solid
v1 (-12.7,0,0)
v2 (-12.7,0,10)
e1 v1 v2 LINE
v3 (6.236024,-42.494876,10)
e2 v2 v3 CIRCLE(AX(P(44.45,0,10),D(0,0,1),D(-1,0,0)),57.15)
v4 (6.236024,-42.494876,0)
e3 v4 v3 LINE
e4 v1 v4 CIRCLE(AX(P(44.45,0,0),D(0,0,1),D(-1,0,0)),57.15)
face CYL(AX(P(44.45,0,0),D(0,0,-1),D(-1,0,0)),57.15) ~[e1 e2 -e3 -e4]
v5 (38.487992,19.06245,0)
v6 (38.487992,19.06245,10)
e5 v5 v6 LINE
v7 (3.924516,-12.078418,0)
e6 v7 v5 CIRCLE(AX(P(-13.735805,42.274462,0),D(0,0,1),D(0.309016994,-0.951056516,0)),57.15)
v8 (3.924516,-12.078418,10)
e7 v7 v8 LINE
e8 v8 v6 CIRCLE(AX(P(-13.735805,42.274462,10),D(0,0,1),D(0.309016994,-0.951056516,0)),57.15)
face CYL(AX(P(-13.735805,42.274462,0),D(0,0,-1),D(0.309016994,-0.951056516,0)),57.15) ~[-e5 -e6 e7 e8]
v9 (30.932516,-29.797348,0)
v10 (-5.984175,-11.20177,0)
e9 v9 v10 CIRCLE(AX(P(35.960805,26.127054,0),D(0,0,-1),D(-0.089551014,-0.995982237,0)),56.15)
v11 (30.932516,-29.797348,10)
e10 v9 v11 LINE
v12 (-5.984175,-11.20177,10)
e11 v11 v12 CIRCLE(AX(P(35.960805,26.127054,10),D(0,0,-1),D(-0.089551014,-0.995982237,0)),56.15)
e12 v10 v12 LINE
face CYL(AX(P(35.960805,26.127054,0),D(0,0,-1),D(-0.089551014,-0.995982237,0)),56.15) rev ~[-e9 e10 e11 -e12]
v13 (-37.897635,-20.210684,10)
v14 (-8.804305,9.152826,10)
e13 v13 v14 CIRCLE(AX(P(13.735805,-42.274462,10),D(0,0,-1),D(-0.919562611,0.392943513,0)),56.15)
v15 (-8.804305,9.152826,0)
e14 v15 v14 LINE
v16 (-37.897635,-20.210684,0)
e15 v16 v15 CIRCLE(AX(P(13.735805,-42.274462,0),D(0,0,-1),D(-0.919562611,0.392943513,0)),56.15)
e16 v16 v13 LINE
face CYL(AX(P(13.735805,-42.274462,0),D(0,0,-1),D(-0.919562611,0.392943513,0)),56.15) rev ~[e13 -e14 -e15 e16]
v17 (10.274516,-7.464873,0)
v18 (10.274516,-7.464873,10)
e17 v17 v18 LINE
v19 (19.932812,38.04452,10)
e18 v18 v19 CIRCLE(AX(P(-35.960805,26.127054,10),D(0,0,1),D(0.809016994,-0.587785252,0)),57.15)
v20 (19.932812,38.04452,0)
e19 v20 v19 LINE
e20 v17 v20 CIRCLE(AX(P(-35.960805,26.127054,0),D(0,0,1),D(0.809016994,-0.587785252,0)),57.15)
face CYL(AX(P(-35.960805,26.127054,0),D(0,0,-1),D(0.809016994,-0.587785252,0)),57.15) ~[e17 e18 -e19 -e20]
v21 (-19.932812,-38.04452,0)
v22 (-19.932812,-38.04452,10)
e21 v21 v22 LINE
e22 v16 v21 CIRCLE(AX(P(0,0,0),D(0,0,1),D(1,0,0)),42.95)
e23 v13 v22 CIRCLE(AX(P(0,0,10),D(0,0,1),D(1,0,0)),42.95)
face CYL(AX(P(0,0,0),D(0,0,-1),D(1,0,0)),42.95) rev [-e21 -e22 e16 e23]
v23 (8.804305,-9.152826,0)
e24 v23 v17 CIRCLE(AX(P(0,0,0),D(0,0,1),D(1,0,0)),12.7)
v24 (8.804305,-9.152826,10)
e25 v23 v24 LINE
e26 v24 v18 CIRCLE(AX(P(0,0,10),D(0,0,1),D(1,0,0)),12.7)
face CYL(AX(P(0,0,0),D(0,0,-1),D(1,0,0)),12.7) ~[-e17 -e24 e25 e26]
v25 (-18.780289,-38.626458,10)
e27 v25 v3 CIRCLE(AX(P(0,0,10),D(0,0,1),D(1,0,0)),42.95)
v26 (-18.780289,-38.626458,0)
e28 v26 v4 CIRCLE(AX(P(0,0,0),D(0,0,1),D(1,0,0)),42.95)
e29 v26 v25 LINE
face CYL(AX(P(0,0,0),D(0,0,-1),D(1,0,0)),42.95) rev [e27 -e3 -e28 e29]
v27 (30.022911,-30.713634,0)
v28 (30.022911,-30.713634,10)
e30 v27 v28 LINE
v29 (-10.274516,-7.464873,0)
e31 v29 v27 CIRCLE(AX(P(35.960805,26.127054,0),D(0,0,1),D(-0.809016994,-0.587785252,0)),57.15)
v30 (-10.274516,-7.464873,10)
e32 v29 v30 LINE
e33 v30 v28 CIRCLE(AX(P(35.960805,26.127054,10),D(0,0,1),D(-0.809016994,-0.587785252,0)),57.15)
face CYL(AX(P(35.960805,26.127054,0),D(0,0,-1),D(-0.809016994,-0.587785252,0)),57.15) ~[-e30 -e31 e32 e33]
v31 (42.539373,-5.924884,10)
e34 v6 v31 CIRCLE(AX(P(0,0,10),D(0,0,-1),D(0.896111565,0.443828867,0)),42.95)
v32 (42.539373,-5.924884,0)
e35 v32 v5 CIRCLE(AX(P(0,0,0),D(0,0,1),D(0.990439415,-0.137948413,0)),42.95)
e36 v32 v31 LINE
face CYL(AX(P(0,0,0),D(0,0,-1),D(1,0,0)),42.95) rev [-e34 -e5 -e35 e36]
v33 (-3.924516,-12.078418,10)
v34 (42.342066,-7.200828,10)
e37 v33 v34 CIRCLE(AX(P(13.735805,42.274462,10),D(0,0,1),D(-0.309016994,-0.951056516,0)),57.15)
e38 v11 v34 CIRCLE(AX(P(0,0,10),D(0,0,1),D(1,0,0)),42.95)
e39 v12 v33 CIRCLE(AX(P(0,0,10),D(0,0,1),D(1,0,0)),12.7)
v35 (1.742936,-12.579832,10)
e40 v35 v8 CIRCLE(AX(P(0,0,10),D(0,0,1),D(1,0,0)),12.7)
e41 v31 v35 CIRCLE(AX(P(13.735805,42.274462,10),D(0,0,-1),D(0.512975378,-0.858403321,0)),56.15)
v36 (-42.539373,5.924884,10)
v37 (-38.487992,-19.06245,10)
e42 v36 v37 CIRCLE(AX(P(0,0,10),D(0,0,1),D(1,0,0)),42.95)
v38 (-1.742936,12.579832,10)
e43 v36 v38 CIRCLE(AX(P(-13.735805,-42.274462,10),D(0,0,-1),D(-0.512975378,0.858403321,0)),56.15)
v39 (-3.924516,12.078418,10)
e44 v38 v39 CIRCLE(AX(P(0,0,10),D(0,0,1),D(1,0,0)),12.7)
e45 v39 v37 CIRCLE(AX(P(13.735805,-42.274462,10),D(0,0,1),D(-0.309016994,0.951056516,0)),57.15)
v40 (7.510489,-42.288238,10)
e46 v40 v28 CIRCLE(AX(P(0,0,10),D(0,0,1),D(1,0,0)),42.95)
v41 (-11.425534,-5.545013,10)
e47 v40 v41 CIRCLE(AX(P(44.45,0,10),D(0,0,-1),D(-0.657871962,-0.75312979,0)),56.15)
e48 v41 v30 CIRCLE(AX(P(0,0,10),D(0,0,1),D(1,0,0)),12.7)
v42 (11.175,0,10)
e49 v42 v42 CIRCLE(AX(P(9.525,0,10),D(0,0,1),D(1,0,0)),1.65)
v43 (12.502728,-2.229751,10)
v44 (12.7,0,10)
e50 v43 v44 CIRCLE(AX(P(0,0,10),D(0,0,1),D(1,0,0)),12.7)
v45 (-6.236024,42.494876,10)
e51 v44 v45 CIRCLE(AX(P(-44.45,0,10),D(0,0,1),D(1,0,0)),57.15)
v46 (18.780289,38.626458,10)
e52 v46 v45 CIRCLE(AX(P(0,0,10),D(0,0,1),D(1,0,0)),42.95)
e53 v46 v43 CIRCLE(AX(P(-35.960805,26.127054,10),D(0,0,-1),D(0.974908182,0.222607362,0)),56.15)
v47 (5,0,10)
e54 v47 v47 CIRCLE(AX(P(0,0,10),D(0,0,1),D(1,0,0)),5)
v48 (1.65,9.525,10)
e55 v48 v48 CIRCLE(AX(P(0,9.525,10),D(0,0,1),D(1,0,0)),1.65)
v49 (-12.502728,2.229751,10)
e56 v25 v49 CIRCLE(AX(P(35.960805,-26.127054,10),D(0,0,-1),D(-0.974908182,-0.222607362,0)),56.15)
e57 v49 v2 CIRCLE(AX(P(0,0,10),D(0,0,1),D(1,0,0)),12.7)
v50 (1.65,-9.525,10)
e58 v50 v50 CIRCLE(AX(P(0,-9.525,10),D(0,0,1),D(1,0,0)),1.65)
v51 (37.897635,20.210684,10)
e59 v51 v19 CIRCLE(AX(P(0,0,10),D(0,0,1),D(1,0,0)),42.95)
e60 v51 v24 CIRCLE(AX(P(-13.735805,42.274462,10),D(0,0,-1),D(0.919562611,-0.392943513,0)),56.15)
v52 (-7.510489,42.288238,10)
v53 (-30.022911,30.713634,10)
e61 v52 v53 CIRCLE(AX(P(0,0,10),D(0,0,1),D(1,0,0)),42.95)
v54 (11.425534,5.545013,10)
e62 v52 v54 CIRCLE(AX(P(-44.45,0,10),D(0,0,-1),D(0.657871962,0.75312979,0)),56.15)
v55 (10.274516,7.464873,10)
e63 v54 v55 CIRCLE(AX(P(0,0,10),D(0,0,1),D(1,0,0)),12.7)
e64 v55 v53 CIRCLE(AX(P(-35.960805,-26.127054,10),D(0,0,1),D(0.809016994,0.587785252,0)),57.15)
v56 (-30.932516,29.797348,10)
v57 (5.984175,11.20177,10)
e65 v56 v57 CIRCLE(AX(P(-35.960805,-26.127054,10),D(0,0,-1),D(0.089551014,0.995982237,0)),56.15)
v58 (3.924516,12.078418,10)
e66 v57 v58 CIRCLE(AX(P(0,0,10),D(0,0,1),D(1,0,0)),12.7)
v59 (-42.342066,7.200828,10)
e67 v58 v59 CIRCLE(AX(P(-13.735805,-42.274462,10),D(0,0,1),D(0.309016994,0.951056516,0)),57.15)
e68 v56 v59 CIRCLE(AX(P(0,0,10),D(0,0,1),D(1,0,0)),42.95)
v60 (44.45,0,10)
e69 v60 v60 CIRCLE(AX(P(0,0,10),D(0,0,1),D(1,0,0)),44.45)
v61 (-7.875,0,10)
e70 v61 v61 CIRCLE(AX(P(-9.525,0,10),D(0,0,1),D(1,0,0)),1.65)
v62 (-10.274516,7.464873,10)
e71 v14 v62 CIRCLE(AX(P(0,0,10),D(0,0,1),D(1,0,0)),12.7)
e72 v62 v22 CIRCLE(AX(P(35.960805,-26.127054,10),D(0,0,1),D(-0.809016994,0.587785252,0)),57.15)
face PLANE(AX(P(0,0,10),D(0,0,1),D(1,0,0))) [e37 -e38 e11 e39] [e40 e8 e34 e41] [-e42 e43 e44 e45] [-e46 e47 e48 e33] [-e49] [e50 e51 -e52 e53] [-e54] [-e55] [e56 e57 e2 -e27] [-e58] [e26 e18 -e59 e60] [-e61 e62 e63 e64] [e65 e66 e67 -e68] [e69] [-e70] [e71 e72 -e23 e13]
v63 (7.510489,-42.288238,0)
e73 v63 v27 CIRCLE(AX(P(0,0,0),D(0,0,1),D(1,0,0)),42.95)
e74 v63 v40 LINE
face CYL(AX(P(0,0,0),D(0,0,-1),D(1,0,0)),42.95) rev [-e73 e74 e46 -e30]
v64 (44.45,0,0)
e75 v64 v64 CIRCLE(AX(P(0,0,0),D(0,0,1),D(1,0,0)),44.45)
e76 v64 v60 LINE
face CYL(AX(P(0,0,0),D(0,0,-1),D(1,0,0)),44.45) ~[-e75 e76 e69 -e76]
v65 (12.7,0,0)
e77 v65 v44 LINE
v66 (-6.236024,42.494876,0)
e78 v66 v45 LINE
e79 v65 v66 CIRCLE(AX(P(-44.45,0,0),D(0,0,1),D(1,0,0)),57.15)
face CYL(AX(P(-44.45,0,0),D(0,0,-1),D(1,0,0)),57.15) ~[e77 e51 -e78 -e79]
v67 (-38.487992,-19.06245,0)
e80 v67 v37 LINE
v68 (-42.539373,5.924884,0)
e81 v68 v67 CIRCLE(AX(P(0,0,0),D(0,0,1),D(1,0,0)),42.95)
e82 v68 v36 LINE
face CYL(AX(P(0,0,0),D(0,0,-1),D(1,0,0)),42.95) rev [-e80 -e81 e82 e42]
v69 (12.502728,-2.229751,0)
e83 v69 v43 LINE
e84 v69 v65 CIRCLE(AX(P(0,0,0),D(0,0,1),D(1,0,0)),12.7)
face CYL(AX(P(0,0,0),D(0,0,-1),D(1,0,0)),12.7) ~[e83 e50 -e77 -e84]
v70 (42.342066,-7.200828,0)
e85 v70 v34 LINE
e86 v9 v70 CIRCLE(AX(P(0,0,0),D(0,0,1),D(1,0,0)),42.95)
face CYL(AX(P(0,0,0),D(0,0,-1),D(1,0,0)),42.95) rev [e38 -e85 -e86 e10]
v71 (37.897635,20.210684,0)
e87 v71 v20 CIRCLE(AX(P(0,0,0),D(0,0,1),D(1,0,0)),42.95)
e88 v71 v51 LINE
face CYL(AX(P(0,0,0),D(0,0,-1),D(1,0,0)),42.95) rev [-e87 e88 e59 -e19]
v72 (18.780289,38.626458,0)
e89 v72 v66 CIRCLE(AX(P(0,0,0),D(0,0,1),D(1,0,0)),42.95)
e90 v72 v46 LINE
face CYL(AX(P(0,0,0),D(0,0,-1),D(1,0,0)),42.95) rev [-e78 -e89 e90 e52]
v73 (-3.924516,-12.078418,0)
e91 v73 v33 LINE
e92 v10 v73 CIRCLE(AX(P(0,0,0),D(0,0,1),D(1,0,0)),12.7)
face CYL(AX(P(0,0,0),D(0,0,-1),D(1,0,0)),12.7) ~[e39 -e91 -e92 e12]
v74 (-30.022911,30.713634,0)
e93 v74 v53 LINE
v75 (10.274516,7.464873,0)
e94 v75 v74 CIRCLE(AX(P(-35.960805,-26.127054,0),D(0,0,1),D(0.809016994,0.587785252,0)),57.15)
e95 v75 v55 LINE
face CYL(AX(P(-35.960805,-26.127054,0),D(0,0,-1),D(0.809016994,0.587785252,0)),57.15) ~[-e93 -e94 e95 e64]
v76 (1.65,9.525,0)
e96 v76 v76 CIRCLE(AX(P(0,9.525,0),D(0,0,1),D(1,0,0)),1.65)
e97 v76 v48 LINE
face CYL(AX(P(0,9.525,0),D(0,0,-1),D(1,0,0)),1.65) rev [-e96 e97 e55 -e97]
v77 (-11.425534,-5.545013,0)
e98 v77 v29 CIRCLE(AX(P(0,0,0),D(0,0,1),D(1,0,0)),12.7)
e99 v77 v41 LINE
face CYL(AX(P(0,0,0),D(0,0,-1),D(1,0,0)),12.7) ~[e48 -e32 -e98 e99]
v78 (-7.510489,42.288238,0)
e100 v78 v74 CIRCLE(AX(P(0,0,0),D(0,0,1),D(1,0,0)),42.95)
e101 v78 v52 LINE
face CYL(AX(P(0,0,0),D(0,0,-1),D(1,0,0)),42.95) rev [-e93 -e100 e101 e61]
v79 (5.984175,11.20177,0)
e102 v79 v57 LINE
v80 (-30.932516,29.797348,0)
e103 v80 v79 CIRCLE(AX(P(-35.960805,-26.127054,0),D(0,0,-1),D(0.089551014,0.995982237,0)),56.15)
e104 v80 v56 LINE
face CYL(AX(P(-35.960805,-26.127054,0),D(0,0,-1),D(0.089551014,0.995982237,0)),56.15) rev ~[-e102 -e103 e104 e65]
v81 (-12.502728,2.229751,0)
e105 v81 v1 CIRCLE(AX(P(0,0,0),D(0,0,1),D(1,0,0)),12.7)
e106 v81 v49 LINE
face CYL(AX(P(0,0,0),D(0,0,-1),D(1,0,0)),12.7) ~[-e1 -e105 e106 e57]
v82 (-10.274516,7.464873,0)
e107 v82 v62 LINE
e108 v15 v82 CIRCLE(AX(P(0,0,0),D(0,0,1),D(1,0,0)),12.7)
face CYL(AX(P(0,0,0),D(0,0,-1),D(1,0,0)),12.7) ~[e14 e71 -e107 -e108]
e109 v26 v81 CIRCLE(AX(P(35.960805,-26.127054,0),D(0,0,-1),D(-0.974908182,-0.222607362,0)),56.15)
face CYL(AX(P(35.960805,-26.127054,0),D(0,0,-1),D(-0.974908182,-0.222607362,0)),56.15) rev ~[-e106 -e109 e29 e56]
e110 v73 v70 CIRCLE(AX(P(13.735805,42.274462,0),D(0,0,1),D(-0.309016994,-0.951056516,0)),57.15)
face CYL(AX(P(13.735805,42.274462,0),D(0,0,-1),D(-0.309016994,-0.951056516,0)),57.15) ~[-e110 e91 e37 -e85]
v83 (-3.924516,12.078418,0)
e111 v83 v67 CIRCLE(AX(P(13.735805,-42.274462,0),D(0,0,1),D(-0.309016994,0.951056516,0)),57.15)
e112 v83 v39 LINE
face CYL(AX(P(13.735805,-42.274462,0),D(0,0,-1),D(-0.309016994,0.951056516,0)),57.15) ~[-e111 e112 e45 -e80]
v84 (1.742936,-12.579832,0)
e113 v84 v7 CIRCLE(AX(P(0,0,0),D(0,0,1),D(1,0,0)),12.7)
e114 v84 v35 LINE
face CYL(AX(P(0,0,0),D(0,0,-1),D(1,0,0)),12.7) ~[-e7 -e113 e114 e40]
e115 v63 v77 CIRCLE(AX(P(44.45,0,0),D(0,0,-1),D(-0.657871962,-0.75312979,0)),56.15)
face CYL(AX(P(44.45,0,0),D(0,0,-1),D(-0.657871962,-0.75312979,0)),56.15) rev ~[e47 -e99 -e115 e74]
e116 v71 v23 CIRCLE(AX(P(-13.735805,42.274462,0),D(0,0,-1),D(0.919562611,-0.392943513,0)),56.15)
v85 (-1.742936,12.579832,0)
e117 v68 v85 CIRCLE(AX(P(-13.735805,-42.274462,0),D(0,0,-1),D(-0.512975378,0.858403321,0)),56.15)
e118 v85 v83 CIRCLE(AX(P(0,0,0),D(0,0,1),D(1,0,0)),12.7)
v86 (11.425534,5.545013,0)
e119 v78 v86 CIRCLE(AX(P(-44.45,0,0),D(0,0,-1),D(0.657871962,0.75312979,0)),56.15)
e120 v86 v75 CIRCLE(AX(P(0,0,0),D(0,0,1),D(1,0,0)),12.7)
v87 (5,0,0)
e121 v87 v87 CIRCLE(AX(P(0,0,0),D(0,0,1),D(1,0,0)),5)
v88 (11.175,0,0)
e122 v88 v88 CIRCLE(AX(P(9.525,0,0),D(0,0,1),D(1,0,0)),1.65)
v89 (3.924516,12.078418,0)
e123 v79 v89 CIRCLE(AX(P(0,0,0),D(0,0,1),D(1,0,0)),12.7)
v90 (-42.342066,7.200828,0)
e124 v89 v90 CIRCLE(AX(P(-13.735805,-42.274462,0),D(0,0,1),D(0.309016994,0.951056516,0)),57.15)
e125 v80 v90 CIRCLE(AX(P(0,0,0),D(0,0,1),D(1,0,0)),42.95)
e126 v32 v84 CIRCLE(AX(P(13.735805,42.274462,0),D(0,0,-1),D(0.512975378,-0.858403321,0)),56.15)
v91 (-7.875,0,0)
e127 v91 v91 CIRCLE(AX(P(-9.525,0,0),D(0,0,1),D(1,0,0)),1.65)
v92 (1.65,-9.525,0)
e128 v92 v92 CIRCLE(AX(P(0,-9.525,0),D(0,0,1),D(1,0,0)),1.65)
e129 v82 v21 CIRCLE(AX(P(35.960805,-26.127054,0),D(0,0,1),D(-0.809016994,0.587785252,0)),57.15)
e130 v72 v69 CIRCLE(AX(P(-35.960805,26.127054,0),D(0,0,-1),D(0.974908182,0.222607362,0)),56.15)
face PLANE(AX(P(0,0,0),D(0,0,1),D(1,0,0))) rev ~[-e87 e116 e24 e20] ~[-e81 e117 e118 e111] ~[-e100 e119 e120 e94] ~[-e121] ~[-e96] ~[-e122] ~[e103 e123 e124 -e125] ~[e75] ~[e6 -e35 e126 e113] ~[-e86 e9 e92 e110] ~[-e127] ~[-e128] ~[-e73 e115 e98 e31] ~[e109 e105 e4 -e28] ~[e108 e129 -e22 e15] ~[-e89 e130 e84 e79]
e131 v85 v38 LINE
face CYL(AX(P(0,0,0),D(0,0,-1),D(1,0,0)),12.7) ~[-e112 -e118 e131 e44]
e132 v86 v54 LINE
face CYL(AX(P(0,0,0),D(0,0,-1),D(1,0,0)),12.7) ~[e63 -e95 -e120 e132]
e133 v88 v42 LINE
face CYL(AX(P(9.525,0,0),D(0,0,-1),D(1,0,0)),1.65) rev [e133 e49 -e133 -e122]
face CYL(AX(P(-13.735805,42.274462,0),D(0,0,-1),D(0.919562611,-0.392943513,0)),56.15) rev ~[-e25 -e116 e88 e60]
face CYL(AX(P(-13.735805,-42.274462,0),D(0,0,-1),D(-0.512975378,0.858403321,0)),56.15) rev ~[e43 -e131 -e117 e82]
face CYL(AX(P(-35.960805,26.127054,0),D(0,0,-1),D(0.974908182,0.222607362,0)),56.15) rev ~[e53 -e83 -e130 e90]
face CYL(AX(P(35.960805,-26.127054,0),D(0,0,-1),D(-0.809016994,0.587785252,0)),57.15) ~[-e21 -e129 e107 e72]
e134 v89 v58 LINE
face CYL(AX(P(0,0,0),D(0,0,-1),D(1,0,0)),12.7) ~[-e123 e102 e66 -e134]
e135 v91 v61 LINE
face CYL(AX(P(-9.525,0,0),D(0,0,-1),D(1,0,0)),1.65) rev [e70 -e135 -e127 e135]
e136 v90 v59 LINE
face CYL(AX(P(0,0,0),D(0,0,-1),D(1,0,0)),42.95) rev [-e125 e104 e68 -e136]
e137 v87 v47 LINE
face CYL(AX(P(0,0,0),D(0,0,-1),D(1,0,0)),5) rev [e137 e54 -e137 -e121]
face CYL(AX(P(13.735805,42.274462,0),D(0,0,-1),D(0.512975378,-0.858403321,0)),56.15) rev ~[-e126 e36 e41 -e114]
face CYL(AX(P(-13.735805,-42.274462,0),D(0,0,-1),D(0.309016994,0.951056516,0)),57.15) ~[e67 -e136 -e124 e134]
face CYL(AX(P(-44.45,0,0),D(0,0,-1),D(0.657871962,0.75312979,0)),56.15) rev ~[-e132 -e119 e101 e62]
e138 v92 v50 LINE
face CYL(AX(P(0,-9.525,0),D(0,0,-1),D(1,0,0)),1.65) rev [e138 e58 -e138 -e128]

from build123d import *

# Parameters (mm, degrees)
SKETCH1_R           = 44.45
SKETCH1_R_2         = 42.95
SKETCH1_R_3         = 12.7
SKETCH1_R_4         = 1.65
SKETCH1_R_5         = 5
BOSS_EXTRUDE1_DEPTH = 10


with BuildPart() as part:
    # Sketch1 → Boss-Extrude1 (new body)
    # profile 1 of 12: a face of its own
    with BuildSketch(Plane.XY):
        Circle(SKETCH1_R)
        Circle(SKETCH1_R_2, mode=Mode.SUBTRACT)
    # profile 2 of 12: a face of its own
    with BuildSketch(Plane.XY):
        with BuildLine():
            ThreePointArc((-1.742936184, 12.579832012), (1.119230316, 12.650585896), (3.924515829, 12.078417757))
            ThreePointArc((3.924515829, 12.078417757), (-19.72755965, 14.560574413), (-42.342066264, 7.20082804))
            ThreePointArc((-42.342066264, 7.20082804), (-42.445514325, 6.563597619), (-42.539372889, 5.924884318))
            ThreePointArc((-42.539372889, 5.924884318), (-22.775826214, 13.143048835), (-1.742936184, 12.579832012))
        make_face()
    # profile 3 of 12: a face of its own
    with BuildSketch(Plane.XY):
        with BuildLine():
            ThreePointArc((-8.804304726, 9.1528257), (-6.530351476, 10.892406052), (-3.924515829, 12.078417757))
            ThreePointArc((-3.924515829, 12.078417757), (-24.518421919, 0.184183522), (-38.487991711, -19.062449843))
            ThreePointArc((-38.487991711, -19.062449843), (-38.197128306, -19.638785328), (-37.897635221, -20.210683923))
            ThreePointArc((-37.897635221, -20.210683923), (-26.151320743, -2.754344892), (-8.804304726, 9.1528257))
        make_face()
    # profile 4 of 12: a face of its own
    with BuildSketch(Plane.XY):
        with BuildLine():
            ThreePointArc((-12.50272811, 2.229751063), (-11.685560963, 4.973697316), (-10.274515829, 7.464872704))
            ThreePointArc((-10.274515829, 7.464872704), (-19.944080366, -14.262559214), (-19.932812483, -38.044519796))
            ThreePointArc((-19.932812483, -38.044519796), (-19.358737547, -38.339819778), (-18.780288992, -38.626457842))
            ThreePointArc((-18.780288992, -38.626457842), (-19.537899599, -17.599672487), (-12.50272811, 2.229751063))
        make_face()
    # profile 5 of 12: a face of its own
    with BuildSketch(Plane.XY):
        with BuildLine():
            ThreePointArc((7.510489314, -42.28823773), (-5.461664877, -25.722523382), (-11.425534308, -5.545012694))
            ThreePointArc((-11.425534308, -5.545012694), (-12.377283339, -2.844794745), (-12.7, 0))
            ThreePointArc((-12.7, 0), (-7.751777987, -23.261489097), (6.236023622, -42.494876272))
            ThreePointArc((6.236023622, -42.494876272), (6.874032975, -42.396346195), (7.510489314, -42.28823773))
        make_face()
    # profile 6 of 12: a face of its own
    with BuildSketch(Plane.XY):
        with BuildLine():
            ThreePointArc((30.932515974, -29.797348129), (10.700740193, -24.020244623), (-5.98417474, -11.201770069))
            ThreePointArc((-5.98417474, -11.201770069), (-8.341304168, -9.576671905), (-10.274515829, -7.464872704))
            ThreePointArc((-10.274515829, -7.464872704), (7.401440109, -23.375320774), (30.022910658, -30.71363436))
            ThreePointArc((30.022910658, -30.71363436), (30.481156541, -30.258909364), (30.932515974, -29.797348129))
        make_face()
    # profile 7 of 12: a face of its own
    with BuildSketch(Plane.XY):
        with BuildLine():
            ThreePointArc((42.539372889, -5.924884318), (22.775826214, -13.143048835), (1.742936184, -12.579832012))
            ThreePointArc((1.742936184, -12.579832012), (-1.119230316, -12.650585896), (-3.924515829, -12.078417757))
            ThreePointArc((-3.924515829, -12.078417757), (19.72755965, -14.560574413), (42.342066264, -7.20082804))
            ThreePointArc((42.342066264, -7.20082804), (42.445514325, -6.563597619), (42.539372889, -5.924884318))
        make_face()
    # profile 8 of 12: a face of its own
    with BuildSketch(Plane.XY):
        with BuildLine():
            ThreePointArc((37.897635221, 20.210683923), (26.151320743, 2.754344892), (8.804304726, -9.1528257))
            ThreePointArc((8.804304726, -9.1528257), (6.530351476, -10.892406052), (3.924515829, -12.078417757))
            ThreePointArc((3.924515829, -12.078417757), (24.518421919, -0.184183522), (38.487991711, 19.062449843))
            ThreePointArc((38.487991711, 19.062449843), (38.197128306, 19.638785328), (37.897635221, 20.210683923))
        make_face()
    # profile 9 of 12: a face of its own
    with BuildSketch(Plane.XY):
        with BuildLine():
            ThreePointArc((18.780288992, 38.626457842), (19.537899599, 17.599672487), (12.50272811, -2.229751063))
            ThreePointArc((12.50272811, -2.229751063), (11.685560963, -4.973697316), (10.274515829, -7.464872704))
            ThreePointArc((10.274515829, -7.464872704), (19.944080366, 14.262559214), (19.932812483, 38.044519796))
            ThreePointArc((19.932812483, 38.044519796), (19.358737547, 38.339819778), (18.780288992, 38.626457842))
        make_face()
    # profile 10 of 12: a face of its own
    with BuildSketch(Plane.XY):
        with BuildLine():
            ThreePointArc((11.425534308, 5.545012694), (12.377283339, 2.844794745), (12.7, 0))
            ThreePointArc((12.7, 0), (7.751777987, 23.261489097), (-6.236023622, 42.494876272))
            ThreePointArc((-6.236023622, 42.494876272), (-6.874032975, 42.396346195), (-7.510489314, 42.28823773))
            ThreePointArc((-7.510489314, 42.28823773), (5.461664877, 25.722523382), (11.425534308, 5.545012694))
        make_face()
    # profile 11 of 12: a face of its own
    with BuildSketch(Plane.XY):
        with BuildLine():
            ThreePointArc((5.98417474, 11.201770069), (8.341304168, 9.576671905), (10.274515829, 7.464872704))
            ThreePointArc((10.274515829, 7.464872704), (-7.401440109, 23.375320774), (-30.022910658, 30.71363436))
            ThreePointArc((-30.022910658, 30.71363436), (-30.481156541, 30.258909364), (-30.932515974, 29.797348129))
            ThreePointArc((-30.932515974, 29.797348129), (-10.700740193, 24.020244623), (5.98417474, 11.201770069))
        make_face()
    # profile 12 of 12: a face of its own
    with BuildSketch(Plane.XY):
        Circle(SKETCH1_R_3)
        with Locations((-9.525, 0)):
            Circle(SKETCH1_R_4, mode=Mode.SUBTRACT)
        with Locations((9.525, 0)):
            Circle(SKETCH1_R_4, mode=Mode.SUBTRACT)
        with Locations((0, -9.525)):
            Circle(SKETCH1_R_4, mode=Mode.SUBTRACT)
        with Locations((0, 9.525)):
            Circle(SKETCH1_R_4, mode=Mode.SUBTRACT)
        Circle(SKETCH1_R_5, mode=Mode.SUBTRACT)
    extrude(amount=BOSS_EXTRUDE1_DEPTH)


solid = part.part
